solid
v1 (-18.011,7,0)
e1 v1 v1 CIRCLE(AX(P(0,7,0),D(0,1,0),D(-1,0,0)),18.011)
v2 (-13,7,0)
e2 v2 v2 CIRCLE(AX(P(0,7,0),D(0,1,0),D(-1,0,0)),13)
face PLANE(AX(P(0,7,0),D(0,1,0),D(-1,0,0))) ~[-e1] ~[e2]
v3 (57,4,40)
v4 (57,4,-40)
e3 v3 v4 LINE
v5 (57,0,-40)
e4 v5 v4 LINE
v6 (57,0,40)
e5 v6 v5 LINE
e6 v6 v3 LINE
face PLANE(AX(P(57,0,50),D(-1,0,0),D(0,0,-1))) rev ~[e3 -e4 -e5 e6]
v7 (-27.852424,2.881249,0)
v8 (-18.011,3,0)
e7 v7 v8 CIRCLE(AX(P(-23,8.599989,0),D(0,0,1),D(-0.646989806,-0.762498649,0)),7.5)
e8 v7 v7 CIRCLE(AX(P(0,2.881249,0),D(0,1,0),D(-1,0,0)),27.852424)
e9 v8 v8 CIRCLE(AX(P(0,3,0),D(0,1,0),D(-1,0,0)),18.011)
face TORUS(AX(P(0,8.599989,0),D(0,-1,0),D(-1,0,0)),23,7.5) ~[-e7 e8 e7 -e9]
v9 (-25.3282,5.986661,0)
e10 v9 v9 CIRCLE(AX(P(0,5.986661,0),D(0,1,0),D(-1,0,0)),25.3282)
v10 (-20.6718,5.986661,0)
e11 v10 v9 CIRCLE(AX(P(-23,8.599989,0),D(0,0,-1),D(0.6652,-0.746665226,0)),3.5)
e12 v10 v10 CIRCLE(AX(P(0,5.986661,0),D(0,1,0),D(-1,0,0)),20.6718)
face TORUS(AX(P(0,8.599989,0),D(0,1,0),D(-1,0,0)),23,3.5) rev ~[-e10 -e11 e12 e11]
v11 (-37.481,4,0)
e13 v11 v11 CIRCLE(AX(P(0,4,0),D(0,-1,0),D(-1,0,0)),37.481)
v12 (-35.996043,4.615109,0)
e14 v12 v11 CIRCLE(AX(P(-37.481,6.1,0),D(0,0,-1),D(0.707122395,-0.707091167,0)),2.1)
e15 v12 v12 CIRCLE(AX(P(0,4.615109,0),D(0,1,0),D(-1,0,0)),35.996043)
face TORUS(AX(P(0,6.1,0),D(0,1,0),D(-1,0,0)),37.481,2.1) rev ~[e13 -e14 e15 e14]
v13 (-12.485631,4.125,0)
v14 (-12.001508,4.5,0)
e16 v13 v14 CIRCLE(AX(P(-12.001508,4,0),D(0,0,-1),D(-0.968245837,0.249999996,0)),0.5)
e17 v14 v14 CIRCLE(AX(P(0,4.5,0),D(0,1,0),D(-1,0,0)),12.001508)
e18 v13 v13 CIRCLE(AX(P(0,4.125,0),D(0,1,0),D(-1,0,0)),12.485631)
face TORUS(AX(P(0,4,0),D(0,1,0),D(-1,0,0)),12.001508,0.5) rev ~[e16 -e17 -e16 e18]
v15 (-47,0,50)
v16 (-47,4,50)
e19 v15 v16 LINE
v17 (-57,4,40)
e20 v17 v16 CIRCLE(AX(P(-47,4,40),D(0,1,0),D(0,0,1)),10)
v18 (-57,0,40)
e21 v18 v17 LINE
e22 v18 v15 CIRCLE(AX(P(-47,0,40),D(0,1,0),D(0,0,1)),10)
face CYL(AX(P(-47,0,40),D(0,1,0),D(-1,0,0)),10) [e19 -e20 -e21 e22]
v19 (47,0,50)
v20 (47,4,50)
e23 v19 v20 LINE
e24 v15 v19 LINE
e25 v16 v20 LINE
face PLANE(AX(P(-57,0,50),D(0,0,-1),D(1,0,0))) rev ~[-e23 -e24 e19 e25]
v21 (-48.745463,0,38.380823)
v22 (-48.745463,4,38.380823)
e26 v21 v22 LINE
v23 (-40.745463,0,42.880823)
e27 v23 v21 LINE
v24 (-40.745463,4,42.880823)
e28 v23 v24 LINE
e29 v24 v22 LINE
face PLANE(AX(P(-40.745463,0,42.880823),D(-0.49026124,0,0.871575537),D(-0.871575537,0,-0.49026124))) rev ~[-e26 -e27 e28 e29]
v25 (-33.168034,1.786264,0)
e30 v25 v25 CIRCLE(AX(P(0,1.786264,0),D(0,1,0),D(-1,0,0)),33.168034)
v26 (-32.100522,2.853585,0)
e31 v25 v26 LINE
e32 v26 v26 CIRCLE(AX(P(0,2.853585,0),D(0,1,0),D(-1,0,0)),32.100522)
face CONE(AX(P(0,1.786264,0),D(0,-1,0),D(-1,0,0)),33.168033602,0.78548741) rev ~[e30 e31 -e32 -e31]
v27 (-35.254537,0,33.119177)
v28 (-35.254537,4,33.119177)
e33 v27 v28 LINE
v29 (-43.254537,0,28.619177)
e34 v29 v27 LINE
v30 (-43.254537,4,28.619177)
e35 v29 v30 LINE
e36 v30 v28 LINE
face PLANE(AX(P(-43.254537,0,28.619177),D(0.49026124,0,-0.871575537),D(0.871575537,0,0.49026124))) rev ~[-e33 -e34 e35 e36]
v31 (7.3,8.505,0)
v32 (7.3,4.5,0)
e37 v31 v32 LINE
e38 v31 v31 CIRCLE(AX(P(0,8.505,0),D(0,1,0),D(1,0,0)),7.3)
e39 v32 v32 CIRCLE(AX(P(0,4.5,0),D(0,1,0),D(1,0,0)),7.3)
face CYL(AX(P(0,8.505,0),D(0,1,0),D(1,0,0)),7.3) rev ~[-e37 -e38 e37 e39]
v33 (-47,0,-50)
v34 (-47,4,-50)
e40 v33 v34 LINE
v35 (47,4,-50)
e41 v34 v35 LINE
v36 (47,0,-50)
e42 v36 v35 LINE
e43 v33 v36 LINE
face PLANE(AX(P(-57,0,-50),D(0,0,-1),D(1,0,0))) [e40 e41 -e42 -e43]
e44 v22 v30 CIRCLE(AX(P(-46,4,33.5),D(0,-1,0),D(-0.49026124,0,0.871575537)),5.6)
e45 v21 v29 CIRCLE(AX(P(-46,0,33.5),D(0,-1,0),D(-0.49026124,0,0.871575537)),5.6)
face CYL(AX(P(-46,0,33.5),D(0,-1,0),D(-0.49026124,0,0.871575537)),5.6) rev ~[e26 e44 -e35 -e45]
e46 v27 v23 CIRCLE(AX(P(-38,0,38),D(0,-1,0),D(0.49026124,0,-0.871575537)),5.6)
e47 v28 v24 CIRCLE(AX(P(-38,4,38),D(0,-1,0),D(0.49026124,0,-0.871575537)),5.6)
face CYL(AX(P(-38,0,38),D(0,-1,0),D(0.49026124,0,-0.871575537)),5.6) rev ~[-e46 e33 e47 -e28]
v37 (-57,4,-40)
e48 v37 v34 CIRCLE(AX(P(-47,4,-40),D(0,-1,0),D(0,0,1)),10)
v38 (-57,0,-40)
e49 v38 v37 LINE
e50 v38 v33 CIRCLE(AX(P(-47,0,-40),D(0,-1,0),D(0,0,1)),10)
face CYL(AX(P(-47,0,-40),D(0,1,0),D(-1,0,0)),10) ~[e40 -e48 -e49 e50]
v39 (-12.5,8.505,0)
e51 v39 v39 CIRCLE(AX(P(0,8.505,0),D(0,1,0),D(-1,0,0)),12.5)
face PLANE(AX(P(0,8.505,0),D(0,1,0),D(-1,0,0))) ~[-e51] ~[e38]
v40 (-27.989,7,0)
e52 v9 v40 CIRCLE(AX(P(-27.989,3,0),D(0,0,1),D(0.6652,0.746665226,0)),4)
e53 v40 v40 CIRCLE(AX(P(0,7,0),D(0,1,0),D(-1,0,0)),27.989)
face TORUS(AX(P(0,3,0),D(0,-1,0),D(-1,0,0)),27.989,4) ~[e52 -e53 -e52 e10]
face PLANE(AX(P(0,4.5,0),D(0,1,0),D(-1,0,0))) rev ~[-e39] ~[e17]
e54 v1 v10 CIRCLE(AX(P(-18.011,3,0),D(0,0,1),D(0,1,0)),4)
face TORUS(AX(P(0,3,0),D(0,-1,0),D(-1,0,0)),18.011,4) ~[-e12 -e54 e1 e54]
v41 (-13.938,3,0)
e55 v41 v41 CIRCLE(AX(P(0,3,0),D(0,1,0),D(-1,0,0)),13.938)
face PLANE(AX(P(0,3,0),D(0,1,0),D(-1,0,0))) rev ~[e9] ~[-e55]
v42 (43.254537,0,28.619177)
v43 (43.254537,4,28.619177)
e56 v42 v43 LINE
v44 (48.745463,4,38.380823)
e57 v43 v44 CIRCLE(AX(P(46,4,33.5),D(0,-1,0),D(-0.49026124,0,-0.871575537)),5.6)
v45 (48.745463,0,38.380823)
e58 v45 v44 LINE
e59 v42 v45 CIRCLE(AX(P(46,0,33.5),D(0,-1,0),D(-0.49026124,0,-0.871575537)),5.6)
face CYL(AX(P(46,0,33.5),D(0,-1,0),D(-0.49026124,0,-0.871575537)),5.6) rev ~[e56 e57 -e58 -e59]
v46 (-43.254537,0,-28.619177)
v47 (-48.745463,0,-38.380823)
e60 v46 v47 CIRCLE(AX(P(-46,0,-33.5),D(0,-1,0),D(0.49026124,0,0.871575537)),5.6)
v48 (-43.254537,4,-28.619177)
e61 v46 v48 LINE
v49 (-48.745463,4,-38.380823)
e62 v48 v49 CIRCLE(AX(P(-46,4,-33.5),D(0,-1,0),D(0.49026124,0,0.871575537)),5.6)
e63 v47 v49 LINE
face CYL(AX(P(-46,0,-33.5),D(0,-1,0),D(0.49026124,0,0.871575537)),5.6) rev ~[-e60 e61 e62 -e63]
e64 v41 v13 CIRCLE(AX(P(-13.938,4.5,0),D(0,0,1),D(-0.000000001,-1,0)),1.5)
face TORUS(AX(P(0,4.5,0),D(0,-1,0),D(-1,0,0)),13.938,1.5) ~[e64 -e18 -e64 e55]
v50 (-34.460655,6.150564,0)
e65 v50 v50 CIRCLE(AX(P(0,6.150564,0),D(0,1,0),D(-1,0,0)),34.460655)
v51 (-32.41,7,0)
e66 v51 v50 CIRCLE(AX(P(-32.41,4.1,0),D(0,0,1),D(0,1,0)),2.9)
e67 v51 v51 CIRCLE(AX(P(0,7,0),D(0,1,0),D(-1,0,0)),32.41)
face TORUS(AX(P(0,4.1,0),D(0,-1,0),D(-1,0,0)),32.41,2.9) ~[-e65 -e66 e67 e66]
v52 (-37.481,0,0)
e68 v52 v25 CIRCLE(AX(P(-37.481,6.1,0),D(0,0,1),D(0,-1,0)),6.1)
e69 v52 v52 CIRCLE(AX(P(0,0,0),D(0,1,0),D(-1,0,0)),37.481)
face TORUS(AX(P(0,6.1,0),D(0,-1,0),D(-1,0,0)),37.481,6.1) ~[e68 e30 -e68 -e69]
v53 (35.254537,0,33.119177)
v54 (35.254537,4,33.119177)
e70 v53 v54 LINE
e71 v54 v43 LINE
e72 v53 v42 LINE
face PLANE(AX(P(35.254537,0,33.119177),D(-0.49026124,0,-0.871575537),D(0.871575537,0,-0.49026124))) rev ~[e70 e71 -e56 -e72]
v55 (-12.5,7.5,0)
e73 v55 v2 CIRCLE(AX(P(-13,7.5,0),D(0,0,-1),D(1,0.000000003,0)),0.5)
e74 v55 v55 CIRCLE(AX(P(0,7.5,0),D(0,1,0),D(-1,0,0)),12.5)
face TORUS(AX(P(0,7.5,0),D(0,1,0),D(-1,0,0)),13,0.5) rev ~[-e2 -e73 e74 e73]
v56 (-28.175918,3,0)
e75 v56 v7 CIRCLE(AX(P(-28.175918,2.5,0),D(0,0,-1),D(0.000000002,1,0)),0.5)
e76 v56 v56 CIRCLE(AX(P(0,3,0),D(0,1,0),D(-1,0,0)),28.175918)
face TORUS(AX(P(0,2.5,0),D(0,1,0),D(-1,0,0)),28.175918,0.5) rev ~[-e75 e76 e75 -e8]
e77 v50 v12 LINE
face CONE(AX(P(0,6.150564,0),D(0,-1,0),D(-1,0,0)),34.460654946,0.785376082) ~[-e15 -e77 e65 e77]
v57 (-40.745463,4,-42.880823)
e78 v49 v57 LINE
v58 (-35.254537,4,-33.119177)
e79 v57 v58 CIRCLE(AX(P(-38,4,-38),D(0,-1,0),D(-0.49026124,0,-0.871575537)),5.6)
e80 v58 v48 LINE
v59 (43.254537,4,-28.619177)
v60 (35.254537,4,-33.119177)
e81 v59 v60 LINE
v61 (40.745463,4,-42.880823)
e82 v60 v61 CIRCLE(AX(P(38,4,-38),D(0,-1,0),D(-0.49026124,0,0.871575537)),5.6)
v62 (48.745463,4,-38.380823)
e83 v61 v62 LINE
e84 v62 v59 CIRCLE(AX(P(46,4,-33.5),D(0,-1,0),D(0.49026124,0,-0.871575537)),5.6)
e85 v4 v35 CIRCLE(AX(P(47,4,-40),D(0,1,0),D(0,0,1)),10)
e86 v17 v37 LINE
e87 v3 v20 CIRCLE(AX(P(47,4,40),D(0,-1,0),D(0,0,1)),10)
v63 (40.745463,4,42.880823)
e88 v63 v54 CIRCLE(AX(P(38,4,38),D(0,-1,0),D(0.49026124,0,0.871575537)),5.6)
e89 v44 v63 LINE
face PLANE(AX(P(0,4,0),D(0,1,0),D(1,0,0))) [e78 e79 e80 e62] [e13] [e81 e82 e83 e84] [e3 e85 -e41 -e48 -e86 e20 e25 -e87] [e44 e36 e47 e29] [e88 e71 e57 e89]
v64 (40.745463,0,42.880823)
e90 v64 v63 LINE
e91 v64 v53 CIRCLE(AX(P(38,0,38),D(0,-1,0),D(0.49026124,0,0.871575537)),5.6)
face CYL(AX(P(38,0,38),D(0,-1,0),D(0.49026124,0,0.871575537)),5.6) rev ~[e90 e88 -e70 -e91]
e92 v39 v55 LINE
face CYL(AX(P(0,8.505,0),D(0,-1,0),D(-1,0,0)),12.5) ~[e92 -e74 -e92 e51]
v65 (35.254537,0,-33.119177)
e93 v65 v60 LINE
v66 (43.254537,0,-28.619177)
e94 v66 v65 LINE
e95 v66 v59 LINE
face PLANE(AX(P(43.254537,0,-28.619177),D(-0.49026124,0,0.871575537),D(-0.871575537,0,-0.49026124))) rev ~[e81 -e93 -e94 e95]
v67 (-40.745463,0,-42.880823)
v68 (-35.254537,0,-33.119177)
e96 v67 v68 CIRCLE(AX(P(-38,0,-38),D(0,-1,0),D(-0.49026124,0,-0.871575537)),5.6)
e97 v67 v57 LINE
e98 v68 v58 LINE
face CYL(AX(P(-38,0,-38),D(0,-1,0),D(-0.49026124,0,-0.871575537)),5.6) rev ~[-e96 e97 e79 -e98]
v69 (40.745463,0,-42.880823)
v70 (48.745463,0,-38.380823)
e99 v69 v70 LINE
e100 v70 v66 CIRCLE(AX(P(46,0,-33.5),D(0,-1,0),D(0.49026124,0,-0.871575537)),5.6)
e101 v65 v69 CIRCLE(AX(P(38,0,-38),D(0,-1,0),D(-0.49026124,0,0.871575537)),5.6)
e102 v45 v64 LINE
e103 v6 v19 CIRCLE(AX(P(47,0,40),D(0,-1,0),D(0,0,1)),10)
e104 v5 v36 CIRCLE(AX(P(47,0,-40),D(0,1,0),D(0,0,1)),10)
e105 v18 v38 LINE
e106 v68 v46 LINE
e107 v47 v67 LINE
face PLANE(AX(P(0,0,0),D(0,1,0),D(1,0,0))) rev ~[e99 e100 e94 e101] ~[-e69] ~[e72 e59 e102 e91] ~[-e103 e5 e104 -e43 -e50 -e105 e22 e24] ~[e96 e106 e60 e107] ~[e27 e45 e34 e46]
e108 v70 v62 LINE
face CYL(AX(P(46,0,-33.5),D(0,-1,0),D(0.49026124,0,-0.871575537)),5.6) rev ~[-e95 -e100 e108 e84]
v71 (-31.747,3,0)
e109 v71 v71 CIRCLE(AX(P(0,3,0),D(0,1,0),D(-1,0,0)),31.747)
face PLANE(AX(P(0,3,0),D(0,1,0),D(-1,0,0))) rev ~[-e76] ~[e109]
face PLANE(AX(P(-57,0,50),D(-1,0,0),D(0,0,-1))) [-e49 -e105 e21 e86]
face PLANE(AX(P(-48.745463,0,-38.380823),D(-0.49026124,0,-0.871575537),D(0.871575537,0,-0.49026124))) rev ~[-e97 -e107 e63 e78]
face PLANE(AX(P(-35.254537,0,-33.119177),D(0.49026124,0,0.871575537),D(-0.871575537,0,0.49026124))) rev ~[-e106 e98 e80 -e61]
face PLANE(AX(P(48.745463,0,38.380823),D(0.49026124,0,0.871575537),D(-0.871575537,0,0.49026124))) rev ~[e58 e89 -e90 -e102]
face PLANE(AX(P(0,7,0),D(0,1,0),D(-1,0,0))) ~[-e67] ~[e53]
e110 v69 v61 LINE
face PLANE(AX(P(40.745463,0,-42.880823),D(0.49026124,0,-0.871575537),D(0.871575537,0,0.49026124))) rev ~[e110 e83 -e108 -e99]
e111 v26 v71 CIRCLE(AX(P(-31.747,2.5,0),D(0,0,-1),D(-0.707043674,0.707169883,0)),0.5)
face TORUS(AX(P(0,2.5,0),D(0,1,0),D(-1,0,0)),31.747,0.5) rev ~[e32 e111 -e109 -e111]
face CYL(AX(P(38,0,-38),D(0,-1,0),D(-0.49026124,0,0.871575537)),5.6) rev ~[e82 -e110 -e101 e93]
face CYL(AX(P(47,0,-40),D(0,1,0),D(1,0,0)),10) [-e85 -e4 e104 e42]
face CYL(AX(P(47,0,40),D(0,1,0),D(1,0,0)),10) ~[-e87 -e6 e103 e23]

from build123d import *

# Parameters (mm, degrees)
SKETCH2_W           = 114
SKETCH2_H           = 100
SKETCH2_R           = 37.481
BOSS_EXTRUDE1_DEPTH = 4
FILLET1_R           = 10
SKETCH3_R           = 7.3
CUT_EXTRUDE1_DEPTH  = 9.505


with BuildPart() as part:
    # Sketch1 → Revolve1 (revolve)
    with BuildSketch(Plane.XY):
        with BuildLine():
            Line((0, 8.505), (-12.5, 8.505))
            Line((-12.5, 8.505), (-12.5, 7.5))
            ThreePointArc((-12.5, 7.5), (-12.646446609, 7.146446609), (-13, 7))
            Line((-13, 7), (-18.011, 7))
            ThreePointArc((-18.011, 7), (-19.434614481, 6.738090664), (-20.6718, 5.986660905))
            ThreePointArc((-20.6718, 5.986660905), (-23, 5.099989196), (-25.3282, 5.986660905))
            ThreePointArc((-25.3282, 5.986660905), (-26.565385519, 6.738090664), (-27.989, 7))
            Line((-27.989, 7), (-32.41, 7))
            ThreePointArc((-32.41, 7), (-33.519811535, 6.779238391), (-34.460654946, 6.150564384))
            Line((-34.460654946, 6.150564384), (-35.99604297, 4.61510855))
            ThreePointArc((-35.99604297, 4.61510855), (-36.677343371, 4.159861855), (-37.481, 4))
            Line((-37.481, 4), (-37.481, 0))
            ThreePointArc((-37.481, 0), (-35.146882545, 0.464230691), (-33.168033602, 1.786263702))
            Line((-33.168033602, 1.786263702), (-32.100521836, 2.853584942))
            ThreePointArc((-32.100521836, 2.853584942), (-31.938321103, 2.961948304), (-31.747, 3))
            Line((-31.747, 3), (-28.17591845, 3))
            ThreePointArc((-28.17591845, 3), (-28.003617351, 2.969374404), (-27.852423547, 2.881249325))
            ThreePointArc((-27.852423547, 2.881249325), (-22.909508494, 1.10053513), (-18.011, 3))
            Line((-18.011, 3), (-13.938, 3))
            ThreePointArc((-13.938, 3), (-13.019441346, 3.314145877), (-12.485631245, 4.125))
            ThreePointArc((-12.485631245, 4.125), (-12.307694545, 4.395284708), (-12.001508327, 4.5))
            Line((-12.001508327, 4.5), (0, 4.5))
            Line((0, 4.5), (0, 8.505))
        make_face()
    revolve(axis=Axis((0, 0, 0), (0, 1, 0)))

    # Sketch2 → Boss-Extrude1 (add)
    with BuildSketch(Plane(origin=(0, 0, 0), x_dir=(1, 0, 0), z_dir=(0, 1, 0))):
        Rectangle(SKETCH2_W, SKETCH2_H)
        Circle(SKETCH2_R, mode=Mode.SUBTRACT)
        with BuildLine():
            Line((-48.745462942, 38.380823008), (-40.745462942, 42.880823008))
            ThreePointArc((-40.745462942, 42.880823008), (-33.119176992, 40.745462942), (-35.254537058, 33.119176992))
            Line((-35.254537058, 33.119176992), (-43.254537058, 28.619176992))
            ThreePointArc((-43.254537058, 28.619176992), (-50.880823008, 30.754537058), (-48.745462942, 38.380823008))
        make_face(mode=Mode.SUBTRACT)
        with BuildLine():
            Line((48.745462942, -38.380823008), (40.745462942, -42.880823008))
            ThreePointArc((40.745462942, -42.880823008), (33.119176992, -40.745462942), (35.254537058, -33.119176992))
            Line((35.254537058, -33.119176992), (43.254537058, -28.619176992))
            ThreePointArc((43.254537058, -28.619176992), (50.880823008, -30.754537058), (48.745462942, -38.380823008))
        make_face(mode=Mode.SUBTRACT)
        with BuildLine():
            Line((40.745462942, 42.880823008), (48.745462942, 38.380823008))
            ThreePointArc((48.745462942, 38.380823008), (50.880823008, 30.754537058), (43.254537058, 28.619176992))
            Line((43.254537058, 28.619176992), (35.254537058, 33.119176992))
            ThreePointArc((35.254537058, 33.119176992), (33.119176992, 40.745462942), (40.745462942, 42.880823008))
        make_face(mode=Mode.SUBTRACT)
        with BuildLine():
            Line((-43.254537058, -28.619176992), (-35.254537058, -33.119176992))
            ThreePointArc((-35.254537058, -33.119176992), (-33.119176992, -40.745462942), (-40.745462942, -42.880823008))
            Line((-40.745462942, -42.880823008), (-48.745462942, -38.380823008))
            ThreePointArc((-48.745462942, -38.380823008), (-50.880823008, -30.754537058), (-43.254537058, -28.619176992))
        make_face(mode=Mode.SUBTRACT)
    extrude(amount=BOSS_EXTRUDE1_DEPTH)

    # Fillet1
    fillet1_edges = [part.edges().sort_by_distance(p)[0] for p in [
        (57, 2, 50),
        (57, 2, -50),
        (-57, 2, -50),
        (-57, 2, 50),
    ]]
    fillet(fillet1_edges, radius=FILLET1_R)

    # Sketch3 → Cut-Extrude1 (cut, through all)
    with BuildSketch(Plane(origin=(0, 8.505, 0), x_dir=(1, 0, 0), z_dir=(0, 1, 0))):
        Circle(SKETCH3_R)
    extrude(amount=-CUT_EXTRUDE1_DEPTH, mode=Mode.SUBTRACT)


solid = part.part
